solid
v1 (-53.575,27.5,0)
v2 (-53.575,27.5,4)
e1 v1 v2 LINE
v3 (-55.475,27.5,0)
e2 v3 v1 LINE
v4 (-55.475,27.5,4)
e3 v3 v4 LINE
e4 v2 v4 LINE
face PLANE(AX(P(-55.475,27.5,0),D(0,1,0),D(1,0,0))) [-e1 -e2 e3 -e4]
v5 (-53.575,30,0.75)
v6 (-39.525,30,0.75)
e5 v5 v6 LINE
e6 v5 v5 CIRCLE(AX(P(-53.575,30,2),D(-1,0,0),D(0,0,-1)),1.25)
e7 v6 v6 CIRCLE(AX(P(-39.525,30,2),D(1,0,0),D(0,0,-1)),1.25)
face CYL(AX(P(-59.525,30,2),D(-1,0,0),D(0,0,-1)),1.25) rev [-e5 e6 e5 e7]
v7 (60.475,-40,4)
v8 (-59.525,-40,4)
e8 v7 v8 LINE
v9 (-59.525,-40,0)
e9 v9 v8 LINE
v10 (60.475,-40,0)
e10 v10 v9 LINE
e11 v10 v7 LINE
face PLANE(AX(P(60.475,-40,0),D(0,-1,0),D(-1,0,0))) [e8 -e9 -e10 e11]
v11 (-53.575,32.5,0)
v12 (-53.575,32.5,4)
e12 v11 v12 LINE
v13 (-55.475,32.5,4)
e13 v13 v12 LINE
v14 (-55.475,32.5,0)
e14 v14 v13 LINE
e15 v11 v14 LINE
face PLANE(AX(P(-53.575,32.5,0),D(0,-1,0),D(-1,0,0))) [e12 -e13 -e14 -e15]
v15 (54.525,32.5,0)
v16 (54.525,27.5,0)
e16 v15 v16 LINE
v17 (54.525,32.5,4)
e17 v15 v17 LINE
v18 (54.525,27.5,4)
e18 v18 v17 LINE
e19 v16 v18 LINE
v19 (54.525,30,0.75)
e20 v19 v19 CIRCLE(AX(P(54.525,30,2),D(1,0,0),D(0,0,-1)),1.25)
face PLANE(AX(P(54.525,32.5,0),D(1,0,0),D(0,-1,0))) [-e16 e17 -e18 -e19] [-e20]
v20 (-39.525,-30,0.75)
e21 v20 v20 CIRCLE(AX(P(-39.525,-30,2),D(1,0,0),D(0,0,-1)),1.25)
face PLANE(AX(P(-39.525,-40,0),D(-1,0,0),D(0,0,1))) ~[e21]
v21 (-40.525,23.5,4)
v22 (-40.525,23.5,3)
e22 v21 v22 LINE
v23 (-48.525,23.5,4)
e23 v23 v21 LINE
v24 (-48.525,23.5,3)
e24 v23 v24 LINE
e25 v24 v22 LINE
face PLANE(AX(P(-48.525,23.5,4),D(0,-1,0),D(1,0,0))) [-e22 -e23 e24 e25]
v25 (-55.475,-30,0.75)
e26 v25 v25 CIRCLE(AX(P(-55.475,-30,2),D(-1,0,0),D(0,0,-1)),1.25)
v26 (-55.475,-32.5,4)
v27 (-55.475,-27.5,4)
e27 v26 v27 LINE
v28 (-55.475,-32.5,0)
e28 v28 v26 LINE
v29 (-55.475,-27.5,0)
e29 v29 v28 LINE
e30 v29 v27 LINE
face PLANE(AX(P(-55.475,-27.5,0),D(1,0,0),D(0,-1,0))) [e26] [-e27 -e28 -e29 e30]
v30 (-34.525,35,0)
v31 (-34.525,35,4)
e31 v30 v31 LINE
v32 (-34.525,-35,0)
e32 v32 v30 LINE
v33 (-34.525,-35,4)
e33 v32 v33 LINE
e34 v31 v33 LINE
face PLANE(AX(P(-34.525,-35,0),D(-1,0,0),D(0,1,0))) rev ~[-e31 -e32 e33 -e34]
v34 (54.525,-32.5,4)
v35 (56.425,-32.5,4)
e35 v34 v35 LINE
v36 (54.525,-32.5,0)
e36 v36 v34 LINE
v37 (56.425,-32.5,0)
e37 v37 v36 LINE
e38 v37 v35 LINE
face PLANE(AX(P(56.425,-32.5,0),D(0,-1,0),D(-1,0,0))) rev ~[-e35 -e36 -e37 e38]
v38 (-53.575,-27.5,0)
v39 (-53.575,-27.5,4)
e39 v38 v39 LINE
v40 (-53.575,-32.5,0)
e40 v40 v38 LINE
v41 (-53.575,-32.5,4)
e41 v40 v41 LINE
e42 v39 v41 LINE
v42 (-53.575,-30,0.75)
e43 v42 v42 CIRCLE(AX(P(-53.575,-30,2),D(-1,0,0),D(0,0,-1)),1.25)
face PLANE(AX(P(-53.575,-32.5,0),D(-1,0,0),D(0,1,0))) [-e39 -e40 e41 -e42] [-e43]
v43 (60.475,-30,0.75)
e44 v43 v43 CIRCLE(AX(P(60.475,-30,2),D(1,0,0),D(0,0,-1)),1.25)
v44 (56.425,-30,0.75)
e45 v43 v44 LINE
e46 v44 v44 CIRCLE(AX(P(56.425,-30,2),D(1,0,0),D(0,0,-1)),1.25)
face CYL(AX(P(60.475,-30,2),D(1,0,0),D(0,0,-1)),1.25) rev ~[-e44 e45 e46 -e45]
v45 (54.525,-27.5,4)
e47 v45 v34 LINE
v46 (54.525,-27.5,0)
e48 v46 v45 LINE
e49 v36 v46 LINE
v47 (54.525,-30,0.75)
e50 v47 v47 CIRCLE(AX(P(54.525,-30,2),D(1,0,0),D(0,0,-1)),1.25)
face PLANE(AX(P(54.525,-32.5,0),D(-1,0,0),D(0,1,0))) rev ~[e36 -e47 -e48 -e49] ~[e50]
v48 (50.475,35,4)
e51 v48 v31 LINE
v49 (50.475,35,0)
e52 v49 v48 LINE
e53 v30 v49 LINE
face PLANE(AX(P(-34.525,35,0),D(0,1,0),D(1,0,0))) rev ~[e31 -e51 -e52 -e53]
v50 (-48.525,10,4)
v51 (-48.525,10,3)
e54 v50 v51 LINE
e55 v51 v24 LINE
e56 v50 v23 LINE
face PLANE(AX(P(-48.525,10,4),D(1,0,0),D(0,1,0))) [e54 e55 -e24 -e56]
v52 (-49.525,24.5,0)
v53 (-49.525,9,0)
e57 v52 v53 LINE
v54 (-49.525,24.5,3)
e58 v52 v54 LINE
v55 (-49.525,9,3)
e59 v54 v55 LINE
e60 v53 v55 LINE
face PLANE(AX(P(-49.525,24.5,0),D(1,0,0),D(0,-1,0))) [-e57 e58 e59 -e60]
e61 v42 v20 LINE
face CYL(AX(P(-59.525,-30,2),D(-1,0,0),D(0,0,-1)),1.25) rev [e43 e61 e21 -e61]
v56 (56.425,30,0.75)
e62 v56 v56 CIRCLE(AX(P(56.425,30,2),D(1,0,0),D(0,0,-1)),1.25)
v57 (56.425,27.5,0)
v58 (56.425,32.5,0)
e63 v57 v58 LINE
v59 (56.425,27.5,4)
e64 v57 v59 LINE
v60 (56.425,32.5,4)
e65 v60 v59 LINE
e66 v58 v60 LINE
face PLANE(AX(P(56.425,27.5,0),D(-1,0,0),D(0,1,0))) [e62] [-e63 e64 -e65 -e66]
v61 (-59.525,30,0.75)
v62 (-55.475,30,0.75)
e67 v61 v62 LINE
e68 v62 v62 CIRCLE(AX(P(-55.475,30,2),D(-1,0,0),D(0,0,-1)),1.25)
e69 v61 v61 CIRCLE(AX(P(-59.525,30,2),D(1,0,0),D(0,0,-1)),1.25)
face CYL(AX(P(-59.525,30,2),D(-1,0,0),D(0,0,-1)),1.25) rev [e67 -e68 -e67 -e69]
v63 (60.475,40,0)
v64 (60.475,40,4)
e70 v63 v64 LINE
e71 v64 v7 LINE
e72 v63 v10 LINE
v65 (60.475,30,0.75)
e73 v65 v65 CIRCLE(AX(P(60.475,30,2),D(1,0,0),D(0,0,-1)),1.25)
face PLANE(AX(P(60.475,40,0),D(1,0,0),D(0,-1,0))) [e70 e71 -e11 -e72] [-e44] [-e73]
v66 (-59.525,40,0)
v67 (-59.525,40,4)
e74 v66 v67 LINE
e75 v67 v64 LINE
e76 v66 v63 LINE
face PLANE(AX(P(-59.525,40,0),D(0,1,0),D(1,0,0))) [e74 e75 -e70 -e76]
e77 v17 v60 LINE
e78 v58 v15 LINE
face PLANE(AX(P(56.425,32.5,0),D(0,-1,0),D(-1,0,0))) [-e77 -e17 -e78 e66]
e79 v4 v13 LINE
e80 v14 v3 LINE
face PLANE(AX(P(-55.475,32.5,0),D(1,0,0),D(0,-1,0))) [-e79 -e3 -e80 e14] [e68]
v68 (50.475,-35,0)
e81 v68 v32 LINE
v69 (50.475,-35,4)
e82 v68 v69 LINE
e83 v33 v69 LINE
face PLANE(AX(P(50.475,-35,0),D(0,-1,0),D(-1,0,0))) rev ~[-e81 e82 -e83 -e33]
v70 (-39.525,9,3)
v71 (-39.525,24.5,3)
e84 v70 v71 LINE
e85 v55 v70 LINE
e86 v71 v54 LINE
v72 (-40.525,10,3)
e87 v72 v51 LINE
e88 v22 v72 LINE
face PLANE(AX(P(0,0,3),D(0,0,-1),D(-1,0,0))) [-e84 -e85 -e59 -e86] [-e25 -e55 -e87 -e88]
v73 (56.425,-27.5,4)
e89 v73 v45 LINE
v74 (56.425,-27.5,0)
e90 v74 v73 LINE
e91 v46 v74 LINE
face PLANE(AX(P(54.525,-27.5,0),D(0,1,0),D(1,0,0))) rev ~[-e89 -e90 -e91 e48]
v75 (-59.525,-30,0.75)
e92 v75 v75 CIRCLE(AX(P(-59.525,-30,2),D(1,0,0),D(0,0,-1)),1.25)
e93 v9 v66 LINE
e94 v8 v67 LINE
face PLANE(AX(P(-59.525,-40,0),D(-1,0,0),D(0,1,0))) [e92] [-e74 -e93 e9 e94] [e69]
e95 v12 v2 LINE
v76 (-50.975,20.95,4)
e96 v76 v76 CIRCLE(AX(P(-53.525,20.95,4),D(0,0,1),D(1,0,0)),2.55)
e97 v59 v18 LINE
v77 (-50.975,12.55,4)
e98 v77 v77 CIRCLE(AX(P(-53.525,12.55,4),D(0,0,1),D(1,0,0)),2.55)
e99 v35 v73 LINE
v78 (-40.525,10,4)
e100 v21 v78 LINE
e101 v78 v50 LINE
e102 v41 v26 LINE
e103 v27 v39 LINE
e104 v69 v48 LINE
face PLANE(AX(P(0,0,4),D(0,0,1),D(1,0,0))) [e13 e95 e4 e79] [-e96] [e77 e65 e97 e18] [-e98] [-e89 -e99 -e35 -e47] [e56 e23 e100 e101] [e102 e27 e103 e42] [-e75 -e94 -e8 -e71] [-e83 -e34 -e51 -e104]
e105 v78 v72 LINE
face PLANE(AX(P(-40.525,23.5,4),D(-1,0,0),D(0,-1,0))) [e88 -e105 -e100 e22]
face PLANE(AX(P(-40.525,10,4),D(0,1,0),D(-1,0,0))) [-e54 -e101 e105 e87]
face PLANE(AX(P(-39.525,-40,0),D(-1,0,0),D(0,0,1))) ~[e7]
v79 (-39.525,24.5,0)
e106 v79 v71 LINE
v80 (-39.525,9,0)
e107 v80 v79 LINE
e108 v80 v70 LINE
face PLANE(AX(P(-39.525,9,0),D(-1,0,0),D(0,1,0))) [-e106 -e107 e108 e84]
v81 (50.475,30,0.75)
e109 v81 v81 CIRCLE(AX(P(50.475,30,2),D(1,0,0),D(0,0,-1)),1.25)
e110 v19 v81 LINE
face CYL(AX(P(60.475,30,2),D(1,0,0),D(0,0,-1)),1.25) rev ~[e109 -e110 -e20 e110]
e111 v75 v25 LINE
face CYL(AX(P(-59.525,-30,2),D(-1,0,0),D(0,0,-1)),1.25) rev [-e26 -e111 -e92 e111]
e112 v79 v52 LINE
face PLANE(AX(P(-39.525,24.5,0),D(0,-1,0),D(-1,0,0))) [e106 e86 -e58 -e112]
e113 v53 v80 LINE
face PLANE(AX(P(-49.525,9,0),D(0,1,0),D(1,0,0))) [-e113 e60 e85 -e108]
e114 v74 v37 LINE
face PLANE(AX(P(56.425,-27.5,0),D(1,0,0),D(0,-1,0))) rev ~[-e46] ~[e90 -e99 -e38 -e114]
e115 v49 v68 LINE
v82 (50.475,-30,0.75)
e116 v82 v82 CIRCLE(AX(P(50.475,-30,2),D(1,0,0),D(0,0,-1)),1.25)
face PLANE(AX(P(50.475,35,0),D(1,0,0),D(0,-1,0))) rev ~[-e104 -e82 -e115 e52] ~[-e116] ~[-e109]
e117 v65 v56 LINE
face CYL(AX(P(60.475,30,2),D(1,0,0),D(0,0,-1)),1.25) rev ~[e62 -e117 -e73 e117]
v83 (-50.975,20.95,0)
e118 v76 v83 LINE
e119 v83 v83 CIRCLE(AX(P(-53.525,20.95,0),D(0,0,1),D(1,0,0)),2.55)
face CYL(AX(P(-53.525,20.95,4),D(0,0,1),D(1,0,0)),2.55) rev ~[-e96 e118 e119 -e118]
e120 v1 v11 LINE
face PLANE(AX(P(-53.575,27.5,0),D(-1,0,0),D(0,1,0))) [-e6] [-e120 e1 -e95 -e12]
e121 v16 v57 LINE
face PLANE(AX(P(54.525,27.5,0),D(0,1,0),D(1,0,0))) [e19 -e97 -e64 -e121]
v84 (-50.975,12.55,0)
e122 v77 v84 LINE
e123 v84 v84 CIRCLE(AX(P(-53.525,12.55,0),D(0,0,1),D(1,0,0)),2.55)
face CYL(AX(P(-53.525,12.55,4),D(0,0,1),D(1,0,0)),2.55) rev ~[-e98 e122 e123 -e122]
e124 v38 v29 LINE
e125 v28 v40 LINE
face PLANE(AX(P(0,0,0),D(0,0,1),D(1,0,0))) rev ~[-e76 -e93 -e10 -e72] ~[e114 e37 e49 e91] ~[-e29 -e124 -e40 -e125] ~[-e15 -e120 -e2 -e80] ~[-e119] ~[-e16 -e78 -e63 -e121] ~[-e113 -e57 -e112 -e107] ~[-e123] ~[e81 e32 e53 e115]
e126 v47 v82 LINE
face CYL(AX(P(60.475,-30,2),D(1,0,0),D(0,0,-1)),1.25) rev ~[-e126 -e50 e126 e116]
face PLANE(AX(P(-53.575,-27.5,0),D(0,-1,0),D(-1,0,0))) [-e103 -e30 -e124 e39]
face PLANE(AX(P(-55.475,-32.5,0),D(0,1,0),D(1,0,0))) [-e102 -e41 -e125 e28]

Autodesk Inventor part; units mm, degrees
ref_plane "YZ Plane" through (0, 0, 0) normal (1, 0, 0) x (0, 1, 0)
ref_plane "XZ Plane" through (0, 0, 0) normal (0, 1, 0) x (-1, 0, 0)
sketch "Sketch1" plane through (0, 0, 0) normal (0, 0, 1) x (1, 0, 0)
  line L0 (-59.525, 40) -> (60.475, 40)
  line L1 (60.475, 40) -> (60.475, -40)
  line L2 (60.475, -40) -> (-59.525, -40)
  line L3 (-59.525, -40) -> (-59.525, 40)
  line L4 (-59.525, 40) -> (60.475, -40) construction
  line L5 (60.475, 40) -> (-59.525, -40) construction
  line L6 (-34.525, -65) -> (-34.525, 60.8703) construction
  line L7 (50.475, -61.0061) -> (50.475, 64.8642) construction
  line L8 (-67.2304, -35) -> (77.4738, -35) construction
  line L9 (-68.2264, 35) -> (76.4779, 35) construction
  line L10 (-2.025, -66.0646) -> (-2.025, 59.8057) construction
  line L11 (2.975, -64.9269) -> (2.975, 60.9434) construction
  line L12 (-67.6256, -30) -> (77.0786, -30) construction
  line L13 (-69.0671, 30) -> (75.6371, 30) construction
  line L14 (55.475, -60.5874) -> (55.475, 65.2829) construction
  line L15 (-54.525, -62.7211) -> (-54.525, 63.1492) construction
  line L16 (-55.475, -32.5) -> (-53.575, -32.5)
  line L17 (-53.575, -32.5) -> (-53.575, -27.5)
  line L18 (-53.575, -27.5) -> (-55.475, -27.5)
  line L19 (-55.475, -27.5) -> (-55.475, -32.5)
  line L20 (-55.475, -32.5) -> (-53.575, -27.5) construction
  line L21 (-53.575, -32.5) -> (-55.475, -27.5) construction
  line L22 (56.425, -32.5) -> (54.525, -32.5)
  line L23 (54.525, -32.5) -> (54.525, -27.5)
  line L24 (54.525, -27.5) -> (56.425, -27.5)
  line L25 (56.425, -27.5) -> (56.425, -32.5)
  line L26 (56.425, -32.5) -> (54.525, -27.5) construction
  line L27 (54.525, -32.5) -> (56.425, -27.5) construction
  line L28 (-53.575, 32.5) -> (-55.475, 32.5)
  line L29 (-55.475, 32.5) -> (-55.475, 27.5)
  line L30 (-55.475, 27.5) -> (-53.575, 27.5)
  line L31 (-53.575, 27.5) -> (-53.575, 32.5)
  line L32 (-53.575, 32.5) -> (-55.475, 27.5) construction
  line L33 (-55.475, 32.5) -> (-53.575, 27.5) construction
  line L34 (56.425, 32.5) -> (54.525, 32.5)
  line L35 (54.525, 32.5) -> (54.525, 27.5)
  line L36 (54.525, 27.5) -> (56.425, 27.5)
  line L37 (56.425, 27.5) -> (56.425, 32.5)
  line L38 (56.425, 32.5) -> (54.525, 27.5) construction
  line L39 (54.525, 32.5) -> (56.425, 27.5) construction
  line L40 (-34.525, 35) -> (50.475, 35)
  line L41 (50.475, 35) -> (50.475, -35)
  line L42 (50.475, -35) -> (-34.525, -35)
  line L43 (-34.525, -35) -> (-34.525, 35)
  point P0 (0.475, 0)
  point P1 (-2.025, 35)
  point P2 (2.975, -35)
  point P3 (50.475, 35)
  point P4 (55.475, 36)
  point P5 (56, 37)
  point P6 (-54.525, -30)
  point P7 (55.475, -30)
  point P8 (-54.525, 30)
  point P9 (55.475, 30)
  dimension "d0" = 120
  dimension "d1" = 80
  dimension "d9" = 25
  dimension "d10" = 10
  dimension "d11" = 5
  dimension "d12" = 5
  dimension "d20" = 10
  dimension "d21" = 10
  dimension "d22" = 5
  dimension "d23" = 5
  dimension "d26" = 1.9
  dimension "d27" = 5
  dimension "d28" = 1.9
  dimension "d29" = 1.9
  dimension "d30" = 5
  dimension "d31" = 1.9
extrude "Extrusion1" add sketch "Sketch1" along normal blind 4 contours L0 L1 L2 L3 | L19 L18 L17 L16 | L22 L23 L24 L25 | L31 L30 L29 L28 | L37 L36 L35 L34 | L40 L41 L42 L43
sketch "Sketch2" plane through (60.475, -40, 0) normal (1, 0, 0) x (0, 0, -1)
  line L0 (0, 40) -> (-8.8455, 40) construction
  line L1 (-2, -5.0193) -> (-2, 56.2537) construction
  line L2 (-4, 0) -> (-4, 80) construction
  line L3 (1.2244, 10) -> (-7.6211, 10) construction
  line L4 (0, 0) -> (-4, 0) construction
  circle A0 centre (-2, 10) radius 1.25
  circle A1 centre (-2, 70) radius 1.25
  dimension "d4" = 2
  dimension "d5" = 10
  dimension "d6" = 2.5
extrude "Extrusion3" cut sketch "Sketch2" against normal blind 20
extrude "Extrusion4" cut sketch "Sketch1" along normal blind 10 contours L19 L18 L17 L16 | L22 L23 L24 L25 | L31 L30 L29 L28 | L37 L36 L35 L34
ref_plane "Work Plane1" through (0.475, -40, 0) normal (1, 0, 0) x (0, 0, -1)
mirror "Mirror1" about plane through (0.475, -40, 0) normal (1, 0, 0) of "Extrusion3"
extrude "Extrusion6" cut sketch "Sketch1" along normal blind 10 contours L40 L41 L42 L43
sketch "Sketch3" plane through (0, 0, 4) normal (0, 0, 1) x (1, 0, 0)
  line L0 (0, 0) -> (-78.4813, 0) construction
  line L1 (-44.525, 48.1643) -> (-44.525, -53.6198) construction
  line L2 (-34.525, -35) -> (-34.525, 35) construction
  line L3 (-48.525, 23.5) -> (-40.525, 23.5)
  line L4 (-40.525, 23.5) -> (-40.525, 10)
  line L5 (-40.525, 10) -> (-48.525, 10)
  line L6 (-48.525, 10) -> (-48.525, 23.5)
  line L7 (-53.525, 48.2216) -> (-53.525, -53.5625) construction
  circle A0 centre (-53.525, 20.95) radius 2.55
  circle A1 centre (-53.525, 12.55) radius 2.55
  line L8 (-47.3423, 23.5) -> (-70.4402, 23.5) construction
  line L9 (-47.3423, 10) -> (-69.2245, 10) construction
  line L10 (60.475, 40) -> (-59.525, 40) projected
  point P0 (-44.525, 0)
  point P1 (-53.525, 1)
  dimension "d38" = 10
  dimension "d39" = 8
  dimension "d40" = 13.5
  dimension "d41" = 5
  dimension "d42" = 5.1
  dimension "d43" = 5.1
  dimension "d47" = 30
extrude "Extrusion7" cut sketch "Sketch3" against normal blind 10
sketch "Sketch5" plane through (0, 0, 0) normal (0, 0, -1) x (-1, 0, 0)
  line L0 (48.525, 10) -> (40.525, 10) construction
  line L1 (40.525, 10) -> (40.525, 23.5) construction
  line L2 (40.525, 23.5) -> (48.525, 23.5) construction
  line L3 (48.525, 23.5) -> (48.525, 10) construction
  line L4 (48.525, 10) -> (40.525, 10) construction
  line L5 (48.525, 23.5) -> (48.525, 10) construction
  line L6 (49.525, 9) -> (39.525, 9)
  line L7 (39.525, 9) -> (39.525, 24.5)
  line L8 (39.525, 24.5) -> (49.525, 24.5)
  line L9 (49.525, 24.5) -> (49.525, 9)
  point P0 (0, 0)
  dimension "d48" = 1
extrude "Extrusion8" cut sketch "Sketch5" against normal blind 3
properties part number "Topshelf"
